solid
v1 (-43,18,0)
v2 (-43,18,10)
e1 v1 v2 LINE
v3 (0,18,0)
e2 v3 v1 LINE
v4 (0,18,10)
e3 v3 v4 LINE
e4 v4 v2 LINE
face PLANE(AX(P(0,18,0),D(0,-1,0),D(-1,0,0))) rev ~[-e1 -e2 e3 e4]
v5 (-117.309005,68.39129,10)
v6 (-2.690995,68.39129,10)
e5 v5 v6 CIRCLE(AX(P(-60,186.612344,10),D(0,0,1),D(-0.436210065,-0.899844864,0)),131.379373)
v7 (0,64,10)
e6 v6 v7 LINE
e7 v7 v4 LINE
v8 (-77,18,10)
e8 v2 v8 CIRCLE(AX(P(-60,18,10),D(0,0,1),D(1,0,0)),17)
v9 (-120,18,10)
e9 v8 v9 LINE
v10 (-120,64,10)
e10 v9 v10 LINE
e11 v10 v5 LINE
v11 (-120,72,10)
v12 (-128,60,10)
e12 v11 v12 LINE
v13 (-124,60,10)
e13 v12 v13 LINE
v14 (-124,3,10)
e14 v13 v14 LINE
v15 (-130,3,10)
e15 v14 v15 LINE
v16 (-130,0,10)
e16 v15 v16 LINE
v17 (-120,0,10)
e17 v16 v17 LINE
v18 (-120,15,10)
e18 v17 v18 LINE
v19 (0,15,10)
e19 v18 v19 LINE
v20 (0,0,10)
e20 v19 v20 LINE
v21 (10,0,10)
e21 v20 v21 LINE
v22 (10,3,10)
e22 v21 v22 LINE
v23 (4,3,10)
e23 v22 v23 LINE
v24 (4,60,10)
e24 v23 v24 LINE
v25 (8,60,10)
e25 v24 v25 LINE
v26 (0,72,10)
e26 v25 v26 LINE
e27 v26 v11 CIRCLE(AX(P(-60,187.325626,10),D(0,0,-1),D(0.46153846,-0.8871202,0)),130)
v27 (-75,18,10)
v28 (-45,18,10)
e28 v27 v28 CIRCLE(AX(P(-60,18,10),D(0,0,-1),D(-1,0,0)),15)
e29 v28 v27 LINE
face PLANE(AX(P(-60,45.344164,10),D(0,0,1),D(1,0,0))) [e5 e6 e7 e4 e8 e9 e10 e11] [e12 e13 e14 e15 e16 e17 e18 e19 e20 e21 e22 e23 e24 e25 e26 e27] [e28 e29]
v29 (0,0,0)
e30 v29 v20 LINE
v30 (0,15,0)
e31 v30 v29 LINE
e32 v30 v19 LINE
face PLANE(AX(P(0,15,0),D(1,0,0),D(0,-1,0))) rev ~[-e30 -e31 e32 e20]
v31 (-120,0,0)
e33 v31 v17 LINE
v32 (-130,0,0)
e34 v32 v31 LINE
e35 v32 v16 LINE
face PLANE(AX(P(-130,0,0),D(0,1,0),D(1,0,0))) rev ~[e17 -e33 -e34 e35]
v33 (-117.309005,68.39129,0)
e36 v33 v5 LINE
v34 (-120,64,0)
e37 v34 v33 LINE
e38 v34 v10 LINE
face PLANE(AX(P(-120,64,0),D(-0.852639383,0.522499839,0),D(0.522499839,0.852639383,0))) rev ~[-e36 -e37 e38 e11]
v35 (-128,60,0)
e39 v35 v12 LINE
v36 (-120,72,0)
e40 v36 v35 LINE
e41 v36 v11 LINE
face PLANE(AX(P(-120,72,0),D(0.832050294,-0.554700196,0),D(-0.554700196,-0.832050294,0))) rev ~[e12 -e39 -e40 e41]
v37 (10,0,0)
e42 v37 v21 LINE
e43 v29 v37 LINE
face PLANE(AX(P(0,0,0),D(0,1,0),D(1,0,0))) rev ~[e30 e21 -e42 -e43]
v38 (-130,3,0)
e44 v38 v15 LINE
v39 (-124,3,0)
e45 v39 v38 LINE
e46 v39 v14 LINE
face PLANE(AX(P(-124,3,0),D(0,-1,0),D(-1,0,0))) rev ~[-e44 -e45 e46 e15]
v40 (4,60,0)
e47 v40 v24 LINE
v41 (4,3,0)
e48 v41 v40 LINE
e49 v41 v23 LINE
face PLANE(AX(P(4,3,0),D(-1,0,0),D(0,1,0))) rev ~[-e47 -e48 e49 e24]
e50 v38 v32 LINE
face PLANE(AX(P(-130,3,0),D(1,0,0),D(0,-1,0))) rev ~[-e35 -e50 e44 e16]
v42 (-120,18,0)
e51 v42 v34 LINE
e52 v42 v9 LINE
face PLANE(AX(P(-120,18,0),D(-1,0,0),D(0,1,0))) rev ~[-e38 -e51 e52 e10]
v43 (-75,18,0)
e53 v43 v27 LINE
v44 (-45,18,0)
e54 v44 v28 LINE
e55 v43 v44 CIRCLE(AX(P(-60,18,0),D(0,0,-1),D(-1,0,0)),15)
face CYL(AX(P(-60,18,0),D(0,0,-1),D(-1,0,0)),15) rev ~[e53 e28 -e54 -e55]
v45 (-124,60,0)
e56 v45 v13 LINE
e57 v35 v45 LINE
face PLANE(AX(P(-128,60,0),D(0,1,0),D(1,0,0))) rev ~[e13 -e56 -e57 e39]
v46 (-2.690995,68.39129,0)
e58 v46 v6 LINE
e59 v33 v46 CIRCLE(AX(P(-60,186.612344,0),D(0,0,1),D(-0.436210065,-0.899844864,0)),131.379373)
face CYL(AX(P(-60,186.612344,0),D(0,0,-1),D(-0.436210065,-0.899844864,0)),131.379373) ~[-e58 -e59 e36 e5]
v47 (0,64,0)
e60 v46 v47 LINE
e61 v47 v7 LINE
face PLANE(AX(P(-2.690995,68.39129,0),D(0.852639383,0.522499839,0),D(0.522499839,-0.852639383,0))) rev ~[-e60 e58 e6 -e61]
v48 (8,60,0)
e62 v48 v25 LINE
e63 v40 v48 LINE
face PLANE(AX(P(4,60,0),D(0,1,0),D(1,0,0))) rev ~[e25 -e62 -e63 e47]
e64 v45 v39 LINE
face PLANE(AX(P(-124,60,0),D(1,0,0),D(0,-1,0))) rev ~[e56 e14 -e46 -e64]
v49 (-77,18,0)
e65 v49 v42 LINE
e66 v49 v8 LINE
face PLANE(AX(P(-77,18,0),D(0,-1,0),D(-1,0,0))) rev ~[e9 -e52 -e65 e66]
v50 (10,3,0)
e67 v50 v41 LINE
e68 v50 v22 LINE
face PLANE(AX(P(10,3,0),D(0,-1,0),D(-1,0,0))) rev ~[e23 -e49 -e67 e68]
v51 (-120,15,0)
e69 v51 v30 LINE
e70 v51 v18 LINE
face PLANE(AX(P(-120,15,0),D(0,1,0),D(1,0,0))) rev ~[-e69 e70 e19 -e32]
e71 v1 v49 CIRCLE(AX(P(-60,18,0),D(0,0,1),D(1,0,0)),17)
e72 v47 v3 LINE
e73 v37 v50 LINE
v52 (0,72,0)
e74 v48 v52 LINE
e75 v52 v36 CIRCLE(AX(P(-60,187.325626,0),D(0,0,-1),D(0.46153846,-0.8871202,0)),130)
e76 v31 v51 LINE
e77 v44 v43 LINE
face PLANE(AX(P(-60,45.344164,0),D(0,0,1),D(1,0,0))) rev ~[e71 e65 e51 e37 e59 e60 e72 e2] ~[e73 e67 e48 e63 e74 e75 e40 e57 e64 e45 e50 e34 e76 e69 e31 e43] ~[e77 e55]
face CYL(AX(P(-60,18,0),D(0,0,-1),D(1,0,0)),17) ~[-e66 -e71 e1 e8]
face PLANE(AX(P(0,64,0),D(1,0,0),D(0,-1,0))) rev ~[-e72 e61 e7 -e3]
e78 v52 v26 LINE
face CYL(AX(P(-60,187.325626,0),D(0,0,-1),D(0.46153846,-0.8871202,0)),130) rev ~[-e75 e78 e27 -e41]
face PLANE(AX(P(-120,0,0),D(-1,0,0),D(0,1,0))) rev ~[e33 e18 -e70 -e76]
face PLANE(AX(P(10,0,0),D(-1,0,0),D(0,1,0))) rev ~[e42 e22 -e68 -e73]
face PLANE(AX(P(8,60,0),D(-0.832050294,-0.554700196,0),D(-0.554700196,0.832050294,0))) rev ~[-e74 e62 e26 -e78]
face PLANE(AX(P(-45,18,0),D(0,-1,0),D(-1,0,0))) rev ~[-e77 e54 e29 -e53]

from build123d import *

# Parameters (mm, degrees)
F1_DEPTH = 10


with BuildPart() as f1:
    # F0 (on Top) → F1 (new body)
    with BuildSketch(Plane.XY):
        with BuildLine():
            Line((0, 15), (0, 0))
            Line((0, 0), (10, 0))
            Line((10, 0), (10, 3))
            Line((10, 3), (4, 3))
            Line((4, 3), (4, 60))
            Line((4, 60), (8, 60))
            Line((8, 60), (0, 72))
            ThreePointArc((0, 72), (-60, 57.325626), (-120, 72))
            Line((-120, 72), (-128, 60))
            Line((-128, 60), (-124, 60))
            Line((-124, 60), (-124, 3))
            Line((-124, 3), (-130, 3))
            Line((-130, 3), (-130, 0))
            Line((-130, 0), (-120, 0))
            Line((-120, 0), (-120, 15))
            Line((-120, 15), (-120, 18))
            Line((-120, 18), (-120, 60))
            Line((-120, 60), (-120, 64))
            Line((-120, 64), (-117.309005, 68.39129))
            ThreePointArc((-117.309005, 68.39129), (-60, 55.232971), (-2.690995, 68.39129))
            Line((-2.690995, 68.39129), (0, 64))
            Line((0, 64), (0, 60))
            Line((0, 60), (0, 18))
            Line((0, 18), (0, 15))
        make_face()
        Polygon((-120, 15), (0, 15), (0, 18), (-43, 18), (-45, 18), (-75, 18), (-77, 18), (-120, 18), align=None)
        with BuildLine():
            Line((-45, 18), (-43, 18))
            ThreePointArc((-43, 18), (-60, 35), (-77, 18))
            Line((-77, 18), (-75, 18))
            ThreePointArc((-75, 18), (-60, 33), (-45, 18))
        make_face()
    extrude(amount=F1_DEPTH)


solid = f1.part
